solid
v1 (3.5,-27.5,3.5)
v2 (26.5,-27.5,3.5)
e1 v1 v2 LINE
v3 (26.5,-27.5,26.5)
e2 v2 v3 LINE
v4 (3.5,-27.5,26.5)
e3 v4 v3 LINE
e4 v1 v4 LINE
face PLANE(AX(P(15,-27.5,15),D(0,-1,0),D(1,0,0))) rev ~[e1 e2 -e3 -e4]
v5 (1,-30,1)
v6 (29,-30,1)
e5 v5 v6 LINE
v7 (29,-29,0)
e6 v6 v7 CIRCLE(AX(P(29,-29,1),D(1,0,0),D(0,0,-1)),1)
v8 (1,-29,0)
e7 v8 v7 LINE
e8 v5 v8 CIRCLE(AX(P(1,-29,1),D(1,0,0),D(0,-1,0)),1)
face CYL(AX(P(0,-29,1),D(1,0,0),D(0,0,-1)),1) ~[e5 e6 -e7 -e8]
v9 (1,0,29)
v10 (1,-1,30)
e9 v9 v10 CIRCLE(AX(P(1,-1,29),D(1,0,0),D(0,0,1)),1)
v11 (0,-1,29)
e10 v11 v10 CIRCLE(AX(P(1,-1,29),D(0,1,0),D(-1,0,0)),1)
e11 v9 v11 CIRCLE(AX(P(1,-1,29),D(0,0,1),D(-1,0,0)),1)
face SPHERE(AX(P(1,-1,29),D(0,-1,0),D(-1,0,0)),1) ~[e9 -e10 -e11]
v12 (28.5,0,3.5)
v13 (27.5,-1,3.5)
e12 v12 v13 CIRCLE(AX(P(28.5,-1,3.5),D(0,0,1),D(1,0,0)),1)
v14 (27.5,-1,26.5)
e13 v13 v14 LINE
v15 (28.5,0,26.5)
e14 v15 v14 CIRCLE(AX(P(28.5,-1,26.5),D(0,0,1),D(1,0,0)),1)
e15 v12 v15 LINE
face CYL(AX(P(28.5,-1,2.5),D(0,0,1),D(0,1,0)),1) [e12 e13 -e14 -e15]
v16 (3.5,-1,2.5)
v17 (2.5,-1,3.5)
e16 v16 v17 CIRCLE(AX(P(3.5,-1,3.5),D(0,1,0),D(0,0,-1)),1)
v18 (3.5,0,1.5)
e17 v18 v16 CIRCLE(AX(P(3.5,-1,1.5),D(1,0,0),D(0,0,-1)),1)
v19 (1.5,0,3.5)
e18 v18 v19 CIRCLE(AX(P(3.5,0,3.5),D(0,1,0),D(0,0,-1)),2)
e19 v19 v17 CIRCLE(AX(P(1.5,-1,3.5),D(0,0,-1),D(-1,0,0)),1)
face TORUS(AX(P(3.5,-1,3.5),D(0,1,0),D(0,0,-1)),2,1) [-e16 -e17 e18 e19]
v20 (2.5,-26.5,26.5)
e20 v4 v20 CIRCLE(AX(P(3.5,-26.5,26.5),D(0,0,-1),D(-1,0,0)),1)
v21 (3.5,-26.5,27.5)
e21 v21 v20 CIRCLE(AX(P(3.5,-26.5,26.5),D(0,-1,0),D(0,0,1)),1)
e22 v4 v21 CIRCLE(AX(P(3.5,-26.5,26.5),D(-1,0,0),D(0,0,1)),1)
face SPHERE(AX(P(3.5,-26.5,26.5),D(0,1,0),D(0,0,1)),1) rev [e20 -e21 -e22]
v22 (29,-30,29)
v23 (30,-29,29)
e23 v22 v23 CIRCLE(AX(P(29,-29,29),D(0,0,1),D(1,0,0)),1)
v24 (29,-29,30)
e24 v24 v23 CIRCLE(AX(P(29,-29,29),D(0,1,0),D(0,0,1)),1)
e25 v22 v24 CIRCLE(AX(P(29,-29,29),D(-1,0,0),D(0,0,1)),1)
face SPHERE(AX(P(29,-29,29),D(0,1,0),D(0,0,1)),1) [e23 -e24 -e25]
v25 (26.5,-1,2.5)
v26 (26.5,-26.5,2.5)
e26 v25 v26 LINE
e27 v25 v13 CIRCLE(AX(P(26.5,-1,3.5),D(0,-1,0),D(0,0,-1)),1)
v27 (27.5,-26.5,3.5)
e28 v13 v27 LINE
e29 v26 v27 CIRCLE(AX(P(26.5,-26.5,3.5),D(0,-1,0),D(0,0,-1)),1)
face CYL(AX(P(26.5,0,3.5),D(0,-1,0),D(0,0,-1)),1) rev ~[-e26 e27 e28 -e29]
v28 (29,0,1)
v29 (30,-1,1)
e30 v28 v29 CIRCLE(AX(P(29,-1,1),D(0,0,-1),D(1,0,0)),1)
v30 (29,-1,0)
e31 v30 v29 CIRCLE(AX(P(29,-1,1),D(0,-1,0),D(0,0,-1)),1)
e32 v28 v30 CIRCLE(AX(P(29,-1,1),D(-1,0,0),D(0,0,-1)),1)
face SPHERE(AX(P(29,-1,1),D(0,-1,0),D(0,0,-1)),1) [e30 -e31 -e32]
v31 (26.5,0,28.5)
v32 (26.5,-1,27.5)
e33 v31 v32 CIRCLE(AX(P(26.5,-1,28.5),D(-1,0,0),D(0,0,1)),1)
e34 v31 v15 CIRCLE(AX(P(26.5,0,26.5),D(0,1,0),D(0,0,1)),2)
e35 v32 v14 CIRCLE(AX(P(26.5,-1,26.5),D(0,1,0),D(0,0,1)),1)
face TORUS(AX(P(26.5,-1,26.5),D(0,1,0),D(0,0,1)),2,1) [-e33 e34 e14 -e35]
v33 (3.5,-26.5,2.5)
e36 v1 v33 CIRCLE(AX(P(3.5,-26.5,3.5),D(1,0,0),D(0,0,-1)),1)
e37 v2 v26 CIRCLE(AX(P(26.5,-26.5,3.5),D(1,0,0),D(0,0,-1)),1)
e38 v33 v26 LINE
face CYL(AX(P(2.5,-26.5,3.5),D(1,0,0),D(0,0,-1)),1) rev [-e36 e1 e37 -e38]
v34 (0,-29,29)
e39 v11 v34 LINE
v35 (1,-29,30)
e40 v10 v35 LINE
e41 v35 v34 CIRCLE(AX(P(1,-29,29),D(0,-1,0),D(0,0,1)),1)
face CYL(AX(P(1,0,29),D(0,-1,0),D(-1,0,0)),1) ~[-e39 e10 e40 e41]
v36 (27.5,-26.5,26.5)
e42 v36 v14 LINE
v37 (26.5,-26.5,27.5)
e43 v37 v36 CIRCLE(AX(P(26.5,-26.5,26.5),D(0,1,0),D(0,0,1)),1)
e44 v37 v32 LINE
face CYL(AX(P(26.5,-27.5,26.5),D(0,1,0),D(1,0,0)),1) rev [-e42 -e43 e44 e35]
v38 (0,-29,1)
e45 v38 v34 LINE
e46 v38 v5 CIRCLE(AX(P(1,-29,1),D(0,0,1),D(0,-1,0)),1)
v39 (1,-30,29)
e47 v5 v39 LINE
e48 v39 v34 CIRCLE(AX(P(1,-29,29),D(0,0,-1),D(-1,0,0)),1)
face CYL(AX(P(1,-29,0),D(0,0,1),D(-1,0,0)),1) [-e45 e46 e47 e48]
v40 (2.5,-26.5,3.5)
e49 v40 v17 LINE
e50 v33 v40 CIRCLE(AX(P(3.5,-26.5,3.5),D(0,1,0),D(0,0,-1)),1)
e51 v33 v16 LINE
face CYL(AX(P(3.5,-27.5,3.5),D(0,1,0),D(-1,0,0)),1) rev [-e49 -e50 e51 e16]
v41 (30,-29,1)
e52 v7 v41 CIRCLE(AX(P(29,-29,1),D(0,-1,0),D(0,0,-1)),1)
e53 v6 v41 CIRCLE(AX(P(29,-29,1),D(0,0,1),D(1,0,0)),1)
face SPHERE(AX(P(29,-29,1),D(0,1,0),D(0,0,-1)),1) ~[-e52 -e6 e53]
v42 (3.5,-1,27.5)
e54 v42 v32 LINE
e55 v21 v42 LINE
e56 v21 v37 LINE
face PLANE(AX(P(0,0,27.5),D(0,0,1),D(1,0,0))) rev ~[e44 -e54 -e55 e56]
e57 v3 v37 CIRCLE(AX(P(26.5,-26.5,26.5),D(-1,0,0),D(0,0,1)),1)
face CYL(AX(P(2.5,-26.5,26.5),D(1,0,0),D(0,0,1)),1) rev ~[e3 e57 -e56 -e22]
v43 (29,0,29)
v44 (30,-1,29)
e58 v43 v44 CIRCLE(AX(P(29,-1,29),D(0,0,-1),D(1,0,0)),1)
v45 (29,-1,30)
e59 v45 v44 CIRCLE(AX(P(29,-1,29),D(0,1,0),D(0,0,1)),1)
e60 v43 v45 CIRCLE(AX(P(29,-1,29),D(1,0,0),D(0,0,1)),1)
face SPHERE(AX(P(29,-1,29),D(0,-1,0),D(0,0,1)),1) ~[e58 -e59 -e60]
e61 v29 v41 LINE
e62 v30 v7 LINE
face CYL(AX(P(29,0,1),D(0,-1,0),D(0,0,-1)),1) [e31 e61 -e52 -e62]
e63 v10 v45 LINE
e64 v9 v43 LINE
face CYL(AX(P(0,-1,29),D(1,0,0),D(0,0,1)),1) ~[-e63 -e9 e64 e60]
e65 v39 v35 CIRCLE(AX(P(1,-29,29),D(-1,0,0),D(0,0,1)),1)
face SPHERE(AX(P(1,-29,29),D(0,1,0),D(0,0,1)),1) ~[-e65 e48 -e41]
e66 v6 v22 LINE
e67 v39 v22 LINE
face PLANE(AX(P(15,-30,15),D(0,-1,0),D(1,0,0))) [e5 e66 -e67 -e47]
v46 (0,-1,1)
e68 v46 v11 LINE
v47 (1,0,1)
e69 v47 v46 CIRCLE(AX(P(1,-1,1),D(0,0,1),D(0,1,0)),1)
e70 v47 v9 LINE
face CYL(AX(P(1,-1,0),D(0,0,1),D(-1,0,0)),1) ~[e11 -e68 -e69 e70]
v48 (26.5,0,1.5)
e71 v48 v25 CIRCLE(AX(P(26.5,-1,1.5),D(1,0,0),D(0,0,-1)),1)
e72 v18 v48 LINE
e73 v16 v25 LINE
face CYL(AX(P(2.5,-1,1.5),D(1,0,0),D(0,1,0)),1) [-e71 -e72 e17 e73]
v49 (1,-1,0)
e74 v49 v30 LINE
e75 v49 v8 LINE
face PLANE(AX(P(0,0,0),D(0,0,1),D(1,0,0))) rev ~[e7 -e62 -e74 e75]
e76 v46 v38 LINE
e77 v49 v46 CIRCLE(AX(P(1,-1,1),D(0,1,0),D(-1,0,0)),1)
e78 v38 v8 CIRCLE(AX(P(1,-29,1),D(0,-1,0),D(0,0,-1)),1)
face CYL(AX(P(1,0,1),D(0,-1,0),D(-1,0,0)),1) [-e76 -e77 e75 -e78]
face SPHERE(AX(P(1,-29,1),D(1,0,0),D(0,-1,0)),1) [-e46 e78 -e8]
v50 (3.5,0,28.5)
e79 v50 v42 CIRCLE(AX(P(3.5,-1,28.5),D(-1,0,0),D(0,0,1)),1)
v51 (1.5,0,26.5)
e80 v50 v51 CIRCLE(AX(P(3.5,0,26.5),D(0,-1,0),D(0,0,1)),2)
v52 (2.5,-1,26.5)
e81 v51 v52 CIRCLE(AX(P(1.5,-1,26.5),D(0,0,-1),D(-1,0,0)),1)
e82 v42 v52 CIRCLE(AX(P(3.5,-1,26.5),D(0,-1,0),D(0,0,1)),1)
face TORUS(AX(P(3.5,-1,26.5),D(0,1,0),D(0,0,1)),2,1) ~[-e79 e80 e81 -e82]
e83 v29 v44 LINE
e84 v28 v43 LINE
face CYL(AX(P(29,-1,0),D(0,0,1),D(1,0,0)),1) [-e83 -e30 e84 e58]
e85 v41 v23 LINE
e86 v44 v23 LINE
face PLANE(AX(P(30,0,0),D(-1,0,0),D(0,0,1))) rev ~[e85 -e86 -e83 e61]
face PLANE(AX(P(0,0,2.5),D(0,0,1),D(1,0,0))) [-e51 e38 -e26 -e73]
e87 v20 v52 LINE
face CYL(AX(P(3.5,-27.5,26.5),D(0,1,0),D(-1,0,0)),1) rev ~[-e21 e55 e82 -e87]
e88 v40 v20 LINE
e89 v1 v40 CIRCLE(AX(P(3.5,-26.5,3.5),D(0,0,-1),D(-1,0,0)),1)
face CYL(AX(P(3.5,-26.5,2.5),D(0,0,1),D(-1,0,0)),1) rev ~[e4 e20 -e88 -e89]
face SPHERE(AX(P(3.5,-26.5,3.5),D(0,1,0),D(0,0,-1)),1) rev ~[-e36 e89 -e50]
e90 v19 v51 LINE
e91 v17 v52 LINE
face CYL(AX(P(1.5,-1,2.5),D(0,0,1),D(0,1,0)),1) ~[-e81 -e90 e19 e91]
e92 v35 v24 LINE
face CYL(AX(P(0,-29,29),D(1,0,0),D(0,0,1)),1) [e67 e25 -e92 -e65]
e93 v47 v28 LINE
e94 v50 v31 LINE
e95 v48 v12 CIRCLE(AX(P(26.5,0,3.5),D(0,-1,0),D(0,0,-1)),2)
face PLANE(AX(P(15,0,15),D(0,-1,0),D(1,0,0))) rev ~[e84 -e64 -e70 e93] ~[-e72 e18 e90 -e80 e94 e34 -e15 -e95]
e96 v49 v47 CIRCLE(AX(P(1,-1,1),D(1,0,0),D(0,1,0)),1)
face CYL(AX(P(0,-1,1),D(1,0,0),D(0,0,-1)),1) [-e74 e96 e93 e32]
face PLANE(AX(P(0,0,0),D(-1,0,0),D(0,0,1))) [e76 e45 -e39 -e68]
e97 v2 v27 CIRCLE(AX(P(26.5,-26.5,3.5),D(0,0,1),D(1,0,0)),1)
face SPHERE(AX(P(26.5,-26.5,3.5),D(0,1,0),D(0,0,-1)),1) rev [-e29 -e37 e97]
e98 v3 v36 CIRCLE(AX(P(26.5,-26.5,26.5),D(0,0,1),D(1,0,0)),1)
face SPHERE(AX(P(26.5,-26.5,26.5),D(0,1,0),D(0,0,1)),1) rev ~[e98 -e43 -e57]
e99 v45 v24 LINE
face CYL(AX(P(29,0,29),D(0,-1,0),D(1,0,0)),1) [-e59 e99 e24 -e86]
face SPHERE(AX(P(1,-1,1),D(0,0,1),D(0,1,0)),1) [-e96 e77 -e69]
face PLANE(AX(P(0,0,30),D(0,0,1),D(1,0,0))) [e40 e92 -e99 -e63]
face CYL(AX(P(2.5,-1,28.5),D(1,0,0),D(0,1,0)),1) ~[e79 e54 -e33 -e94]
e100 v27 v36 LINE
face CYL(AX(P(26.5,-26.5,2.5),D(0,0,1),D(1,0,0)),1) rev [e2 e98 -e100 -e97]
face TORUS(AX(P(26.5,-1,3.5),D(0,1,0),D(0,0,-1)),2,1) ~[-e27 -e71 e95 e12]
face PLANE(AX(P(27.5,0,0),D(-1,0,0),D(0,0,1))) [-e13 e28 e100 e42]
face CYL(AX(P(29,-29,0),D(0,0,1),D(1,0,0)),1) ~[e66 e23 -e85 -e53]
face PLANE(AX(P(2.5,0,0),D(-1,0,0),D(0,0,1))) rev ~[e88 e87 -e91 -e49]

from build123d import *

# Parameters (mm, degrees)
F0_W     = 30
F0_H     = 30
F1_DEPTH = 30
F2_T     = -2.5
F3_R     = 1


with BuildPart() as f1:
    # F0 (on Front) → F1 (new body)
    with BuildSketch(Plane.XZ):
        with Locations((15, 15)):
            Rectangle(F0_W, F0_H)
    extrude(amount=F1_DEPTH)

    # F2
    f2_openings = [f1.faces().sort_by_distance(p)[0] for p in [
        (15, 0, 15),
    ]]
    offset(amount=F2_T, openings=f2_openings)

    # F3
    f3_edges = [f1.edges().sort_by_distance(p)[0] for p in [
        (30, -15, 30),
        (0, -15, 30),
        (30, -15, 0),
        (2.5, -13.75, 2.5),
        (0, 0, 15),
        (15, 0, 0),
        (15, -30, 0),
        (15, 0, 30),
        (15, -30, 30),
        (0, -30, 15),
        (30, 0, 15),
        (30, -30, 15),
        (27.5, -13.75, 2.5),
        (2.5, -13.75, 27.5),
        (27.5, -13.75, 27.5),
        (15, 0, 2.5),
        (15, -27.5, 2.5),
        (15, 0, 27.5),
        (15, -27.5, 27.5),
        (2.5, 0, 15),
        (2.5, -27.5, 15),
        (27.5, 0, 15),
        (27.5, -27.5, 15),
        (0, -15, 0),
    ]]
    fillet(f3_edges, radius=F3_R)


solid = f1.part
